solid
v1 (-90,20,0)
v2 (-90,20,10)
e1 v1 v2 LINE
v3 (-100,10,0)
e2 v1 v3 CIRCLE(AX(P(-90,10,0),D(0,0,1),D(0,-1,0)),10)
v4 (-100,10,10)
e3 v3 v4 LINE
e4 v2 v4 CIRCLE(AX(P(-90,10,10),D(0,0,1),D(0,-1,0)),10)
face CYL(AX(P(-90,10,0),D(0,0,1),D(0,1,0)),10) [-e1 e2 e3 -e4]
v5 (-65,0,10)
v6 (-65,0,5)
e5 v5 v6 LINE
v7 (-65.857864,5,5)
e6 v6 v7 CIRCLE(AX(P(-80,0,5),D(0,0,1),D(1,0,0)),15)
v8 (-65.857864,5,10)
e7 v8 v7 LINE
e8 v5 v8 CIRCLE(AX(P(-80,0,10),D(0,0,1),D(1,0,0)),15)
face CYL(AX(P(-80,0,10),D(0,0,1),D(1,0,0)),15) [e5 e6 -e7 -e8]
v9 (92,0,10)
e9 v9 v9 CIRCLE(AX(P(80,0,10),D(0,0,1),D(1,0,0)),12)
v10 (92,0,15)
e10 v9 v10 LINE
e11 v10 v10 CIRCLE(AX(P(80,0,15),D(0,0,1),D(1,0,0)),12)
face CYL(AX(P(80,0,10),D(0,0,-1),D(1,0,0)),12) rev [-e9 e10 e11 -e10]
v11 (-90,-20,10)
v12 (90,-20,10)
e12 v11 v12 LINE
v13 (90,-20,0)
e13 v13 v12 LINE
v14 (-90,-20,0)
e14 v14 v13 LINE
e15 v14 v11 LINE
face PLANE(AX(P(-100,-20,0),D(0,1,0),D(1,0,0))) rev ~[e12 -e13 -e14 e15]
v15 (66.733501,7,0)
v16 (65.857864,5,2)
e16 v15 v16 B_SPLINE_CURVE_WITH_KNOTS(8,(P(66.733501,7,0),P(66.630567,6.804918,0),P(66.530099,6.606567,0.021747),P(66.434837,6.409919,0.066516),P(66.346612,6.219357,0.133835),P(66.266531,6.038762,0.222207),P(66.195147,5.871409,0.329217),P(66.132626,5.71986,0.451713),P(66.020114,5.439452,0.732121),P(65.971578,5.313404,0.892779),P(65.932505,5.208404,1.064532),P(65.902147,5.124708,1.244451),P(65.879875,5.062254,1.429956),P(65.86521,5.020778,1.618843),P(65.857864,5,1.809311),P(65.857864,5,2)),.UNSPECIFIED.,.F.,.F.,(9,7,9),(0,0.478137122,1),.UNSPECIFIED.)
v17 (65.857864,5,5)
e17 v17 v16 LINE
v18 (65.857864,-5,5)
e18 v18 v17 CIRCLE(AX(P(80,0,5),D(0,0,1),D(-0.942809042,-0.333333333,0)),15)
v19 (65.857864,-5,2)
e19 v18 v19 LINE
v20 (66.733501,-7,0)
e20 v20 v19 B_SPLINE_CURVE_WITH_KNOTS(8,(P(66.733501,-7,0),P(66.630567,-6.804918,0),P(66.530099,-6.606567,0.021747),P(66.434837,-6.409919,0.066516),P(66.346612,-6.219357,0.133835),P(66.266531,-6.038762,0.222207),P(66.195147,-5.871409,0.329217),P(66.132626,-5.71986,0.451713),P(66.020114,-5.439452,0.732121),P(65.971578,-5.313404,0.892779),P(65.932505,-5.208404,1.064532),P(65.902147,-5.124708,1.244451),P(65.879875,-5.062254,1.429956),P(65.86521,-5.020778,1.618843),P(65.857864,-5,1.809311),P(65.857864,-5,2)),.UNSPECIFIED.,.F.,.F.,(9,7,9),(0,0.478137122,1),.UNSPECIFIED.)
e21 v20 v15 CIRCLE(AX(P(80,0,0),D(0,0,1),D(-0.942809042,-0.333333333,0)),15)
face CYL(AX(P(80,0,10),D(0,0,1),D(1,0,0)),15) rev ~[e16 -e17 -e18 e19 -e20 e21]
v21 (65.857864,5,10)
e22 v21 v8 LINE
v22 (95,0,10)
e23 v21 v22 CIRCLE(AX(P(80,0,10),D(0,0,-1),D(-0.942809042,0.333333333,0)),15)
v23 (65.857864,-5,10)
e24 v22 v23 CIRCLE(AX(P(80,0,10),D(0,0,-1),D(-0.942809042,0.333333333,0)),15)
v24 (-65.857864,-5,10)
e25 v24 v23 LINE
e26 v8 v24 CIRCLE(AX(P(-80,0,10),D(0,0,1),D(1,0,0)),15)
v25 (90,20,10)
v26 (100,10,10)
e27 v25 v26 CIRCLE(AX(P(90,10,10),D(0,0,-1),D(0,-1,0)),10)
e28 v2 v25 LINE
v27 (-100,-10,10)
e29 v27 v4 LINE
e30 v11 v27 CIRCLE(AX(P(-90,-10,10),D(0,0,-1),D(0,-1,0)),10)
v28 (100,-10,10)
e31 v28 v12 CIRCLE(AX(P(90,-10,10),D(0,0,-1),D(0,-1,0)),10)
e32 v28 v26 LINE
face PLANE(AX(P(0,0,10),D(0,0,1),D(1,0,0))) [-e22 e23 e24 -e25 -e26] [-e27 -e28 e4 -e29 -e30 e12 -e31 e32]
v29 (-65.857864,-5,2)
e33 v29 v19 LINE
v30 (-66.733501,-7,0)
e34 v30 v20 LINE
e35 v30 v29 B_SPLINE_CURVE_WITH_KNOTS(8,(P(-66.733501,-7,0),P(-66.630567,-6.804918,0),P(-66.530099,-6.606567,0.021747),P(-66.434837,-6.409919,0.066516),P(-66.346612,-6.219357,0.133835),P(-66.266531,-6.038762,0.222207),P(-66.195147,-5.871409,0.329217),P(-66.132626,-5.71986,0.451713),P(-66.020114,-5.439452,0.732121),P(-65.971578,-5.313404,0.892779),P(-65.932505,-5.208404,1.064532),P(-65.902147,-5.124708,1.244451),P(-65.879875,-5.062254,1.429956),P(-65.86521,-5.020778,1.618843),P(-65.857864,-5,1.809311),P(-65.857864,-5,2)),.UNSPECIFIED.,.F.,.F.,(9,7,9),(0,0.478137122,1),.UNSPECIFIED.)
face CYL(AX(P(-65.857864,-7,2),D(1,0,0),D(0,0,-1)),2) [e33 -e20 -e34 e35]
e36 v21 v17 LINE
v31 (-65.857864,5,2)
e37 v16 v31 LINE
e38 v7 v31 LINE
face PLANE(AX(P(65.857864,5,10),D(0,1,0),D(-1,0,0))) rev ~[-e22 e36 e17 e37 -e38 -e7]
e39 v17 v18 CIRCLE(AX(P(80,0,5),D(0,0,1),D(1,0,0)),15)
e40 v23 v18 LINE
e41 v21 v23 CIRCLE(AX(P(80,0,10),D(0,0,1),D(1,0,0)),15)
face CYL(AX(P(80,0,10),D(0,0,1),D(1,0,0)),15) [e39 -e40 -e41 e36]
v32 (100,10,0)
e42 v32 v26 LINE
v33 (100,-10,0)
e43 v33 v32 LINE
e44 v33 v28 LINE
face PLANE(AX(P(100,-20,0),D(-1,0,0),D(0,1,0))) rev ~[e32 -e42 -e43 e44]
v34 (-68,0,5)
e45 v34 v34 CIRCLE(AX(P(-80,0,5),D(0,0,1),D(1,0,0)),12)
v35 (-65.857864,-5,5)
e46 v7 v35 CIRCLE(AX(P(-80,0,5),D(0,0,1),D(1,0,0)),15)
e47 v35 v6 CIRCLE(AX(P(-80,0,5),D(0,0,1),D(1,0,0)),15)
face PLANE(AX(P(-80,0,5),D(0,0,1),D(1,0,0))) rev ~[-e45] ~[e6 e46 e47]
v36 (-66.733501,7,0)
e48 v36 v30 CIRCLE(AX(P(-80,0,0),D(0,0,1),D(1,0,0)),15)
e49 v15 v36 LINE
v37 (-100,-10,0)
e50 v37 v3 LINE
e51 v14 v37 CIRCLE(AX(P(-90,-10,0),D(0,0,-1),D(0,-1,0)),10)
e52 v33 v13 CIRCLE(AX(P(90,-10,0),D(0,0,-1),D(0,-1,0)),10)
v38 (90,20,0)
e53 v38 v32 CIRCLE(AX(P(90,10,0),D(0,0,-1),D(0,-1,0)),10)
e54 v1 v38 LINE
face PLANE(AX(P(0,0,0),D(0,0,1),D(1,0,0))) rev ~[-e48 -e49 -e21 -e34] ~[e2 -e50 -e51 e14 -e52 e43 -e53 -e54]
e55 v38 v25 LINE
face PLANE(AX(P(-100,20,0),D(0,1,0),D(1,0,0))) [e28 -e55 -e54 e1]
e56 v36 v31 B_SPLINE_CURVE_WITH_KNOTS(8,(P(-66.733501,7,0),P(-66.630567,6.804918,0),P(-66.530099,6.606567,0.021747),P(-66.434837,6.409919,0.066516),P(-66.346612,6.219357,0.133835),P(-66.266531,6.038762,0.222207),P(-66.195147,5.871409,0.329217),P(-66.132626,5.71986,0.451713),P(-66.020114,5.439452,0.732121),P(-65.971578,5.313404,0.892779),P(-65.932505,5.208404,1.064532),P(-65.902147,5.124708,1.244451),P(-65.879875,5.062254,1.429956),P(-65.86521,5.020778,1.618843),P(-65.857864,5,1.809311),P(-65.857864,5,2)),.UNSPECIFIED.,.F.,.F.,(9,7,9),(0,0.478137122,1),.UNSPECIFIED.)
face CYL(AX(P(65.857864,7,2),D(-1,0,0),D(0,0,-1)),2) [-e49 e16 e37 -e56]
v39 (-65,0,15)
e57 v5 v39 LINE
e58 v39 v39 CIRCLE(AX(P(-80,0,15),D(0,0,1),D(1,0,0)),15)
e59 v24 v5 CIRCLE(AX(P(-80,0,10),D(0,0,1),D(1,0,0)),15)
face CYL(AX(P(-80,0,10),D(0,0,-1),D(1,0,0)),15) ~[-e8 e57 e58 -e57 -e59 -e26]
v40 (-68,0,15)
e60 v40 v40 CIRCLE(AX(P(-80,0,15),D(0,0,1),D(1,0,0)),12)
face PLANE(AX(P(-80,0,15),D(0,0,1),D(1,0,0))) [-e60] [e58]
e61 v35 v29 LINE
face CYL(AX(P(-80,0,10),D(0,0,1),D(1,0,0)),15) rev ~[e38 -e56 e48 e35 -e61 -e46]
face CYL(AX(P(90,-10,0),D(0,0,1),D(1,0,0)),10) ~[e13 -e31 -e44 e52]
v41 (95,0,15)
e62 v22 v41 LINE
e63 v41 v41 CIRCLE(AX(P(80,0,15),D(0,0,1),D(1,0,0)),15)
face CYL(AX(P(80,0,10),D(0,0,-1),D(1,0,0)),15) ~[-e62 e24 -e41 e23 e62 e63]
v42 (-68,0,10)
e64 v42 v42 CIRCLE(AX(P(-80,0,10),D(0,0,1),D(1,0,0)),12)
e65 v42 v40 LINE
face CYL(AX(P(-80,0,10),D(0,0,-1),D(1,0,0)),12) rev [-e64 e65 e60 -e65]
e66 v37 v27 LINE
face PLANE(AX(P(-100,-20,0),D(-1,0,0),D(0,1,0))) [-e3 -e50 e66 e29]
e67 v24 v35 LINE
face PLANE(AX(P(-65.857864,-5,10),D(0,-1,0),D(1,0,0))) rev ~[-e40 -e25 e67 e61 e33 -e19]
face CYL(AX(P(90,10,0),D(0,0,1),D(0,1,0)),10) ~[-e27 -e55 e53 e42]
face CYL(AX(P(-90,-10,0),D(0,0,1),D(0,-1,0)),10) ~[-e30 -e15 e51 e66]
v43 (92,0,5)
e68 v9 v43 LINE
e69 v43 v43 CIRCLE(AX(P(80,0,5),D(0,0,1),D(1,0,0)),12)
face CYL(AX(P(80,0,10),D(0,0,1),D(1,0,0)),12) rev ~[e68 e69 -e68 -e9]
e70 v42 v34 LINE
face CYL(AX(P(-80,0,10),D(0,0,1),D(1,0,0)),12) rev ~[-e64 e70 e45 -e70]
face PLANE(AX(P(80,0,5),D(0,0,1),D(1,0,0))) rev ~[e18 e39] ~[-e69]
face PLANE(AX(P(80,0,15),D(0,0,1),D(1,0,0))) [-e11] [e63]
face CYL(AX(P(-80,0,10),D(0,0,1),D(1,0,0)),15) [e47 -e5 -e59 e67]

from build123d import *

# Parameters (mm, degrees)
F0_W          = 200
F0_H          = 40
F1_DEPTH      = 10
F2_R          = 15
F3_DEPTH      = 10
F5_DEPTH      = 25
F6_R          = 15
F6_R_2        = 12
F7_DEPTH      = 5
F7_DEPTH_BACK = 5
F8_R          = 10
F9_R          = 2


with BuildPart() as f1:
    # F0 (on Top) → F1 (new body)
    with BuildSketch(Plane.XY):
        Rectangle(F0_W, F0_H)
    extrude(amount=F1_DEPTH)

    # F2 (on face) → F3 (cut)
    with BuildSketch(Plane.XY.offset(10)):
        with Locations((80, 0)):
            Circle(F2_R)
        with Locations((-80, 0)):
            Circle(F2_R)
    extrude(amount=-F3_DEPTH, mode=Mode.SUBTRACT)

    # F4 (on face) → F5 (cut)
    with BuildSketch(Plane.XY.offset(10)):
        with BuildLine():
            Line((-65.8578643763, -5), (65.8578643763, -5))
            ThreePointArc((65.8578643763, -5), (65, 0), (65.8578643763, 5))
            Line((65.8578643763, 5), (-65.8578643763, 5))
            ThreePointArc((-65.8578643763, 5), (-65.2160216052, 2.5365296809), (-65, 0))
            ThreePointArc((-65, 0), (-65.2160216052, -2.5365296809), (-65.8578643763, -5))
        make_face()
    extrude(amount=-F5_DEPTH, mode=Mode.SUBTRACT)

    # F6 (on face) → F7 (join, two sides)
    with BuildSketch(Plane.XY.offset(10)) as f7_sk:
        with Locations((-80, 0)):
            Circle(F6_R)
        with Locations((-80, 0)):
            Circle(F6_R_2, mode=Mode.SUBTRACT)
        with Locations((80, 0)):
            Circle(F6_R)
        with Locations((80, 0)):
            Circle(F6_R_2, mode=Mode.SUBTRACT)
    extrude(amount=F7_DEPTH)
    extrude(f7_sk.sketch, amount=-F7_DEPTH_BACK)

    # F8
    f8_edges = [f1.edges().sort_by_distance(p)[0] for p in [
        (-100, -20, 5),
        (100, -20, 5),
        (100, 20, 5),
        (-100, 20, 5),
    ]]
    fillet(f8_edges, radius=F8_R)

    # F9
    f9_edges = [f1.edges().sort_by_distance(p)[0] for p in [
        (0, -5, 0),
        (0, 5, 0),
    ]]
    fillet(f9_edges, radius=F9_R)


solid = f1.part
